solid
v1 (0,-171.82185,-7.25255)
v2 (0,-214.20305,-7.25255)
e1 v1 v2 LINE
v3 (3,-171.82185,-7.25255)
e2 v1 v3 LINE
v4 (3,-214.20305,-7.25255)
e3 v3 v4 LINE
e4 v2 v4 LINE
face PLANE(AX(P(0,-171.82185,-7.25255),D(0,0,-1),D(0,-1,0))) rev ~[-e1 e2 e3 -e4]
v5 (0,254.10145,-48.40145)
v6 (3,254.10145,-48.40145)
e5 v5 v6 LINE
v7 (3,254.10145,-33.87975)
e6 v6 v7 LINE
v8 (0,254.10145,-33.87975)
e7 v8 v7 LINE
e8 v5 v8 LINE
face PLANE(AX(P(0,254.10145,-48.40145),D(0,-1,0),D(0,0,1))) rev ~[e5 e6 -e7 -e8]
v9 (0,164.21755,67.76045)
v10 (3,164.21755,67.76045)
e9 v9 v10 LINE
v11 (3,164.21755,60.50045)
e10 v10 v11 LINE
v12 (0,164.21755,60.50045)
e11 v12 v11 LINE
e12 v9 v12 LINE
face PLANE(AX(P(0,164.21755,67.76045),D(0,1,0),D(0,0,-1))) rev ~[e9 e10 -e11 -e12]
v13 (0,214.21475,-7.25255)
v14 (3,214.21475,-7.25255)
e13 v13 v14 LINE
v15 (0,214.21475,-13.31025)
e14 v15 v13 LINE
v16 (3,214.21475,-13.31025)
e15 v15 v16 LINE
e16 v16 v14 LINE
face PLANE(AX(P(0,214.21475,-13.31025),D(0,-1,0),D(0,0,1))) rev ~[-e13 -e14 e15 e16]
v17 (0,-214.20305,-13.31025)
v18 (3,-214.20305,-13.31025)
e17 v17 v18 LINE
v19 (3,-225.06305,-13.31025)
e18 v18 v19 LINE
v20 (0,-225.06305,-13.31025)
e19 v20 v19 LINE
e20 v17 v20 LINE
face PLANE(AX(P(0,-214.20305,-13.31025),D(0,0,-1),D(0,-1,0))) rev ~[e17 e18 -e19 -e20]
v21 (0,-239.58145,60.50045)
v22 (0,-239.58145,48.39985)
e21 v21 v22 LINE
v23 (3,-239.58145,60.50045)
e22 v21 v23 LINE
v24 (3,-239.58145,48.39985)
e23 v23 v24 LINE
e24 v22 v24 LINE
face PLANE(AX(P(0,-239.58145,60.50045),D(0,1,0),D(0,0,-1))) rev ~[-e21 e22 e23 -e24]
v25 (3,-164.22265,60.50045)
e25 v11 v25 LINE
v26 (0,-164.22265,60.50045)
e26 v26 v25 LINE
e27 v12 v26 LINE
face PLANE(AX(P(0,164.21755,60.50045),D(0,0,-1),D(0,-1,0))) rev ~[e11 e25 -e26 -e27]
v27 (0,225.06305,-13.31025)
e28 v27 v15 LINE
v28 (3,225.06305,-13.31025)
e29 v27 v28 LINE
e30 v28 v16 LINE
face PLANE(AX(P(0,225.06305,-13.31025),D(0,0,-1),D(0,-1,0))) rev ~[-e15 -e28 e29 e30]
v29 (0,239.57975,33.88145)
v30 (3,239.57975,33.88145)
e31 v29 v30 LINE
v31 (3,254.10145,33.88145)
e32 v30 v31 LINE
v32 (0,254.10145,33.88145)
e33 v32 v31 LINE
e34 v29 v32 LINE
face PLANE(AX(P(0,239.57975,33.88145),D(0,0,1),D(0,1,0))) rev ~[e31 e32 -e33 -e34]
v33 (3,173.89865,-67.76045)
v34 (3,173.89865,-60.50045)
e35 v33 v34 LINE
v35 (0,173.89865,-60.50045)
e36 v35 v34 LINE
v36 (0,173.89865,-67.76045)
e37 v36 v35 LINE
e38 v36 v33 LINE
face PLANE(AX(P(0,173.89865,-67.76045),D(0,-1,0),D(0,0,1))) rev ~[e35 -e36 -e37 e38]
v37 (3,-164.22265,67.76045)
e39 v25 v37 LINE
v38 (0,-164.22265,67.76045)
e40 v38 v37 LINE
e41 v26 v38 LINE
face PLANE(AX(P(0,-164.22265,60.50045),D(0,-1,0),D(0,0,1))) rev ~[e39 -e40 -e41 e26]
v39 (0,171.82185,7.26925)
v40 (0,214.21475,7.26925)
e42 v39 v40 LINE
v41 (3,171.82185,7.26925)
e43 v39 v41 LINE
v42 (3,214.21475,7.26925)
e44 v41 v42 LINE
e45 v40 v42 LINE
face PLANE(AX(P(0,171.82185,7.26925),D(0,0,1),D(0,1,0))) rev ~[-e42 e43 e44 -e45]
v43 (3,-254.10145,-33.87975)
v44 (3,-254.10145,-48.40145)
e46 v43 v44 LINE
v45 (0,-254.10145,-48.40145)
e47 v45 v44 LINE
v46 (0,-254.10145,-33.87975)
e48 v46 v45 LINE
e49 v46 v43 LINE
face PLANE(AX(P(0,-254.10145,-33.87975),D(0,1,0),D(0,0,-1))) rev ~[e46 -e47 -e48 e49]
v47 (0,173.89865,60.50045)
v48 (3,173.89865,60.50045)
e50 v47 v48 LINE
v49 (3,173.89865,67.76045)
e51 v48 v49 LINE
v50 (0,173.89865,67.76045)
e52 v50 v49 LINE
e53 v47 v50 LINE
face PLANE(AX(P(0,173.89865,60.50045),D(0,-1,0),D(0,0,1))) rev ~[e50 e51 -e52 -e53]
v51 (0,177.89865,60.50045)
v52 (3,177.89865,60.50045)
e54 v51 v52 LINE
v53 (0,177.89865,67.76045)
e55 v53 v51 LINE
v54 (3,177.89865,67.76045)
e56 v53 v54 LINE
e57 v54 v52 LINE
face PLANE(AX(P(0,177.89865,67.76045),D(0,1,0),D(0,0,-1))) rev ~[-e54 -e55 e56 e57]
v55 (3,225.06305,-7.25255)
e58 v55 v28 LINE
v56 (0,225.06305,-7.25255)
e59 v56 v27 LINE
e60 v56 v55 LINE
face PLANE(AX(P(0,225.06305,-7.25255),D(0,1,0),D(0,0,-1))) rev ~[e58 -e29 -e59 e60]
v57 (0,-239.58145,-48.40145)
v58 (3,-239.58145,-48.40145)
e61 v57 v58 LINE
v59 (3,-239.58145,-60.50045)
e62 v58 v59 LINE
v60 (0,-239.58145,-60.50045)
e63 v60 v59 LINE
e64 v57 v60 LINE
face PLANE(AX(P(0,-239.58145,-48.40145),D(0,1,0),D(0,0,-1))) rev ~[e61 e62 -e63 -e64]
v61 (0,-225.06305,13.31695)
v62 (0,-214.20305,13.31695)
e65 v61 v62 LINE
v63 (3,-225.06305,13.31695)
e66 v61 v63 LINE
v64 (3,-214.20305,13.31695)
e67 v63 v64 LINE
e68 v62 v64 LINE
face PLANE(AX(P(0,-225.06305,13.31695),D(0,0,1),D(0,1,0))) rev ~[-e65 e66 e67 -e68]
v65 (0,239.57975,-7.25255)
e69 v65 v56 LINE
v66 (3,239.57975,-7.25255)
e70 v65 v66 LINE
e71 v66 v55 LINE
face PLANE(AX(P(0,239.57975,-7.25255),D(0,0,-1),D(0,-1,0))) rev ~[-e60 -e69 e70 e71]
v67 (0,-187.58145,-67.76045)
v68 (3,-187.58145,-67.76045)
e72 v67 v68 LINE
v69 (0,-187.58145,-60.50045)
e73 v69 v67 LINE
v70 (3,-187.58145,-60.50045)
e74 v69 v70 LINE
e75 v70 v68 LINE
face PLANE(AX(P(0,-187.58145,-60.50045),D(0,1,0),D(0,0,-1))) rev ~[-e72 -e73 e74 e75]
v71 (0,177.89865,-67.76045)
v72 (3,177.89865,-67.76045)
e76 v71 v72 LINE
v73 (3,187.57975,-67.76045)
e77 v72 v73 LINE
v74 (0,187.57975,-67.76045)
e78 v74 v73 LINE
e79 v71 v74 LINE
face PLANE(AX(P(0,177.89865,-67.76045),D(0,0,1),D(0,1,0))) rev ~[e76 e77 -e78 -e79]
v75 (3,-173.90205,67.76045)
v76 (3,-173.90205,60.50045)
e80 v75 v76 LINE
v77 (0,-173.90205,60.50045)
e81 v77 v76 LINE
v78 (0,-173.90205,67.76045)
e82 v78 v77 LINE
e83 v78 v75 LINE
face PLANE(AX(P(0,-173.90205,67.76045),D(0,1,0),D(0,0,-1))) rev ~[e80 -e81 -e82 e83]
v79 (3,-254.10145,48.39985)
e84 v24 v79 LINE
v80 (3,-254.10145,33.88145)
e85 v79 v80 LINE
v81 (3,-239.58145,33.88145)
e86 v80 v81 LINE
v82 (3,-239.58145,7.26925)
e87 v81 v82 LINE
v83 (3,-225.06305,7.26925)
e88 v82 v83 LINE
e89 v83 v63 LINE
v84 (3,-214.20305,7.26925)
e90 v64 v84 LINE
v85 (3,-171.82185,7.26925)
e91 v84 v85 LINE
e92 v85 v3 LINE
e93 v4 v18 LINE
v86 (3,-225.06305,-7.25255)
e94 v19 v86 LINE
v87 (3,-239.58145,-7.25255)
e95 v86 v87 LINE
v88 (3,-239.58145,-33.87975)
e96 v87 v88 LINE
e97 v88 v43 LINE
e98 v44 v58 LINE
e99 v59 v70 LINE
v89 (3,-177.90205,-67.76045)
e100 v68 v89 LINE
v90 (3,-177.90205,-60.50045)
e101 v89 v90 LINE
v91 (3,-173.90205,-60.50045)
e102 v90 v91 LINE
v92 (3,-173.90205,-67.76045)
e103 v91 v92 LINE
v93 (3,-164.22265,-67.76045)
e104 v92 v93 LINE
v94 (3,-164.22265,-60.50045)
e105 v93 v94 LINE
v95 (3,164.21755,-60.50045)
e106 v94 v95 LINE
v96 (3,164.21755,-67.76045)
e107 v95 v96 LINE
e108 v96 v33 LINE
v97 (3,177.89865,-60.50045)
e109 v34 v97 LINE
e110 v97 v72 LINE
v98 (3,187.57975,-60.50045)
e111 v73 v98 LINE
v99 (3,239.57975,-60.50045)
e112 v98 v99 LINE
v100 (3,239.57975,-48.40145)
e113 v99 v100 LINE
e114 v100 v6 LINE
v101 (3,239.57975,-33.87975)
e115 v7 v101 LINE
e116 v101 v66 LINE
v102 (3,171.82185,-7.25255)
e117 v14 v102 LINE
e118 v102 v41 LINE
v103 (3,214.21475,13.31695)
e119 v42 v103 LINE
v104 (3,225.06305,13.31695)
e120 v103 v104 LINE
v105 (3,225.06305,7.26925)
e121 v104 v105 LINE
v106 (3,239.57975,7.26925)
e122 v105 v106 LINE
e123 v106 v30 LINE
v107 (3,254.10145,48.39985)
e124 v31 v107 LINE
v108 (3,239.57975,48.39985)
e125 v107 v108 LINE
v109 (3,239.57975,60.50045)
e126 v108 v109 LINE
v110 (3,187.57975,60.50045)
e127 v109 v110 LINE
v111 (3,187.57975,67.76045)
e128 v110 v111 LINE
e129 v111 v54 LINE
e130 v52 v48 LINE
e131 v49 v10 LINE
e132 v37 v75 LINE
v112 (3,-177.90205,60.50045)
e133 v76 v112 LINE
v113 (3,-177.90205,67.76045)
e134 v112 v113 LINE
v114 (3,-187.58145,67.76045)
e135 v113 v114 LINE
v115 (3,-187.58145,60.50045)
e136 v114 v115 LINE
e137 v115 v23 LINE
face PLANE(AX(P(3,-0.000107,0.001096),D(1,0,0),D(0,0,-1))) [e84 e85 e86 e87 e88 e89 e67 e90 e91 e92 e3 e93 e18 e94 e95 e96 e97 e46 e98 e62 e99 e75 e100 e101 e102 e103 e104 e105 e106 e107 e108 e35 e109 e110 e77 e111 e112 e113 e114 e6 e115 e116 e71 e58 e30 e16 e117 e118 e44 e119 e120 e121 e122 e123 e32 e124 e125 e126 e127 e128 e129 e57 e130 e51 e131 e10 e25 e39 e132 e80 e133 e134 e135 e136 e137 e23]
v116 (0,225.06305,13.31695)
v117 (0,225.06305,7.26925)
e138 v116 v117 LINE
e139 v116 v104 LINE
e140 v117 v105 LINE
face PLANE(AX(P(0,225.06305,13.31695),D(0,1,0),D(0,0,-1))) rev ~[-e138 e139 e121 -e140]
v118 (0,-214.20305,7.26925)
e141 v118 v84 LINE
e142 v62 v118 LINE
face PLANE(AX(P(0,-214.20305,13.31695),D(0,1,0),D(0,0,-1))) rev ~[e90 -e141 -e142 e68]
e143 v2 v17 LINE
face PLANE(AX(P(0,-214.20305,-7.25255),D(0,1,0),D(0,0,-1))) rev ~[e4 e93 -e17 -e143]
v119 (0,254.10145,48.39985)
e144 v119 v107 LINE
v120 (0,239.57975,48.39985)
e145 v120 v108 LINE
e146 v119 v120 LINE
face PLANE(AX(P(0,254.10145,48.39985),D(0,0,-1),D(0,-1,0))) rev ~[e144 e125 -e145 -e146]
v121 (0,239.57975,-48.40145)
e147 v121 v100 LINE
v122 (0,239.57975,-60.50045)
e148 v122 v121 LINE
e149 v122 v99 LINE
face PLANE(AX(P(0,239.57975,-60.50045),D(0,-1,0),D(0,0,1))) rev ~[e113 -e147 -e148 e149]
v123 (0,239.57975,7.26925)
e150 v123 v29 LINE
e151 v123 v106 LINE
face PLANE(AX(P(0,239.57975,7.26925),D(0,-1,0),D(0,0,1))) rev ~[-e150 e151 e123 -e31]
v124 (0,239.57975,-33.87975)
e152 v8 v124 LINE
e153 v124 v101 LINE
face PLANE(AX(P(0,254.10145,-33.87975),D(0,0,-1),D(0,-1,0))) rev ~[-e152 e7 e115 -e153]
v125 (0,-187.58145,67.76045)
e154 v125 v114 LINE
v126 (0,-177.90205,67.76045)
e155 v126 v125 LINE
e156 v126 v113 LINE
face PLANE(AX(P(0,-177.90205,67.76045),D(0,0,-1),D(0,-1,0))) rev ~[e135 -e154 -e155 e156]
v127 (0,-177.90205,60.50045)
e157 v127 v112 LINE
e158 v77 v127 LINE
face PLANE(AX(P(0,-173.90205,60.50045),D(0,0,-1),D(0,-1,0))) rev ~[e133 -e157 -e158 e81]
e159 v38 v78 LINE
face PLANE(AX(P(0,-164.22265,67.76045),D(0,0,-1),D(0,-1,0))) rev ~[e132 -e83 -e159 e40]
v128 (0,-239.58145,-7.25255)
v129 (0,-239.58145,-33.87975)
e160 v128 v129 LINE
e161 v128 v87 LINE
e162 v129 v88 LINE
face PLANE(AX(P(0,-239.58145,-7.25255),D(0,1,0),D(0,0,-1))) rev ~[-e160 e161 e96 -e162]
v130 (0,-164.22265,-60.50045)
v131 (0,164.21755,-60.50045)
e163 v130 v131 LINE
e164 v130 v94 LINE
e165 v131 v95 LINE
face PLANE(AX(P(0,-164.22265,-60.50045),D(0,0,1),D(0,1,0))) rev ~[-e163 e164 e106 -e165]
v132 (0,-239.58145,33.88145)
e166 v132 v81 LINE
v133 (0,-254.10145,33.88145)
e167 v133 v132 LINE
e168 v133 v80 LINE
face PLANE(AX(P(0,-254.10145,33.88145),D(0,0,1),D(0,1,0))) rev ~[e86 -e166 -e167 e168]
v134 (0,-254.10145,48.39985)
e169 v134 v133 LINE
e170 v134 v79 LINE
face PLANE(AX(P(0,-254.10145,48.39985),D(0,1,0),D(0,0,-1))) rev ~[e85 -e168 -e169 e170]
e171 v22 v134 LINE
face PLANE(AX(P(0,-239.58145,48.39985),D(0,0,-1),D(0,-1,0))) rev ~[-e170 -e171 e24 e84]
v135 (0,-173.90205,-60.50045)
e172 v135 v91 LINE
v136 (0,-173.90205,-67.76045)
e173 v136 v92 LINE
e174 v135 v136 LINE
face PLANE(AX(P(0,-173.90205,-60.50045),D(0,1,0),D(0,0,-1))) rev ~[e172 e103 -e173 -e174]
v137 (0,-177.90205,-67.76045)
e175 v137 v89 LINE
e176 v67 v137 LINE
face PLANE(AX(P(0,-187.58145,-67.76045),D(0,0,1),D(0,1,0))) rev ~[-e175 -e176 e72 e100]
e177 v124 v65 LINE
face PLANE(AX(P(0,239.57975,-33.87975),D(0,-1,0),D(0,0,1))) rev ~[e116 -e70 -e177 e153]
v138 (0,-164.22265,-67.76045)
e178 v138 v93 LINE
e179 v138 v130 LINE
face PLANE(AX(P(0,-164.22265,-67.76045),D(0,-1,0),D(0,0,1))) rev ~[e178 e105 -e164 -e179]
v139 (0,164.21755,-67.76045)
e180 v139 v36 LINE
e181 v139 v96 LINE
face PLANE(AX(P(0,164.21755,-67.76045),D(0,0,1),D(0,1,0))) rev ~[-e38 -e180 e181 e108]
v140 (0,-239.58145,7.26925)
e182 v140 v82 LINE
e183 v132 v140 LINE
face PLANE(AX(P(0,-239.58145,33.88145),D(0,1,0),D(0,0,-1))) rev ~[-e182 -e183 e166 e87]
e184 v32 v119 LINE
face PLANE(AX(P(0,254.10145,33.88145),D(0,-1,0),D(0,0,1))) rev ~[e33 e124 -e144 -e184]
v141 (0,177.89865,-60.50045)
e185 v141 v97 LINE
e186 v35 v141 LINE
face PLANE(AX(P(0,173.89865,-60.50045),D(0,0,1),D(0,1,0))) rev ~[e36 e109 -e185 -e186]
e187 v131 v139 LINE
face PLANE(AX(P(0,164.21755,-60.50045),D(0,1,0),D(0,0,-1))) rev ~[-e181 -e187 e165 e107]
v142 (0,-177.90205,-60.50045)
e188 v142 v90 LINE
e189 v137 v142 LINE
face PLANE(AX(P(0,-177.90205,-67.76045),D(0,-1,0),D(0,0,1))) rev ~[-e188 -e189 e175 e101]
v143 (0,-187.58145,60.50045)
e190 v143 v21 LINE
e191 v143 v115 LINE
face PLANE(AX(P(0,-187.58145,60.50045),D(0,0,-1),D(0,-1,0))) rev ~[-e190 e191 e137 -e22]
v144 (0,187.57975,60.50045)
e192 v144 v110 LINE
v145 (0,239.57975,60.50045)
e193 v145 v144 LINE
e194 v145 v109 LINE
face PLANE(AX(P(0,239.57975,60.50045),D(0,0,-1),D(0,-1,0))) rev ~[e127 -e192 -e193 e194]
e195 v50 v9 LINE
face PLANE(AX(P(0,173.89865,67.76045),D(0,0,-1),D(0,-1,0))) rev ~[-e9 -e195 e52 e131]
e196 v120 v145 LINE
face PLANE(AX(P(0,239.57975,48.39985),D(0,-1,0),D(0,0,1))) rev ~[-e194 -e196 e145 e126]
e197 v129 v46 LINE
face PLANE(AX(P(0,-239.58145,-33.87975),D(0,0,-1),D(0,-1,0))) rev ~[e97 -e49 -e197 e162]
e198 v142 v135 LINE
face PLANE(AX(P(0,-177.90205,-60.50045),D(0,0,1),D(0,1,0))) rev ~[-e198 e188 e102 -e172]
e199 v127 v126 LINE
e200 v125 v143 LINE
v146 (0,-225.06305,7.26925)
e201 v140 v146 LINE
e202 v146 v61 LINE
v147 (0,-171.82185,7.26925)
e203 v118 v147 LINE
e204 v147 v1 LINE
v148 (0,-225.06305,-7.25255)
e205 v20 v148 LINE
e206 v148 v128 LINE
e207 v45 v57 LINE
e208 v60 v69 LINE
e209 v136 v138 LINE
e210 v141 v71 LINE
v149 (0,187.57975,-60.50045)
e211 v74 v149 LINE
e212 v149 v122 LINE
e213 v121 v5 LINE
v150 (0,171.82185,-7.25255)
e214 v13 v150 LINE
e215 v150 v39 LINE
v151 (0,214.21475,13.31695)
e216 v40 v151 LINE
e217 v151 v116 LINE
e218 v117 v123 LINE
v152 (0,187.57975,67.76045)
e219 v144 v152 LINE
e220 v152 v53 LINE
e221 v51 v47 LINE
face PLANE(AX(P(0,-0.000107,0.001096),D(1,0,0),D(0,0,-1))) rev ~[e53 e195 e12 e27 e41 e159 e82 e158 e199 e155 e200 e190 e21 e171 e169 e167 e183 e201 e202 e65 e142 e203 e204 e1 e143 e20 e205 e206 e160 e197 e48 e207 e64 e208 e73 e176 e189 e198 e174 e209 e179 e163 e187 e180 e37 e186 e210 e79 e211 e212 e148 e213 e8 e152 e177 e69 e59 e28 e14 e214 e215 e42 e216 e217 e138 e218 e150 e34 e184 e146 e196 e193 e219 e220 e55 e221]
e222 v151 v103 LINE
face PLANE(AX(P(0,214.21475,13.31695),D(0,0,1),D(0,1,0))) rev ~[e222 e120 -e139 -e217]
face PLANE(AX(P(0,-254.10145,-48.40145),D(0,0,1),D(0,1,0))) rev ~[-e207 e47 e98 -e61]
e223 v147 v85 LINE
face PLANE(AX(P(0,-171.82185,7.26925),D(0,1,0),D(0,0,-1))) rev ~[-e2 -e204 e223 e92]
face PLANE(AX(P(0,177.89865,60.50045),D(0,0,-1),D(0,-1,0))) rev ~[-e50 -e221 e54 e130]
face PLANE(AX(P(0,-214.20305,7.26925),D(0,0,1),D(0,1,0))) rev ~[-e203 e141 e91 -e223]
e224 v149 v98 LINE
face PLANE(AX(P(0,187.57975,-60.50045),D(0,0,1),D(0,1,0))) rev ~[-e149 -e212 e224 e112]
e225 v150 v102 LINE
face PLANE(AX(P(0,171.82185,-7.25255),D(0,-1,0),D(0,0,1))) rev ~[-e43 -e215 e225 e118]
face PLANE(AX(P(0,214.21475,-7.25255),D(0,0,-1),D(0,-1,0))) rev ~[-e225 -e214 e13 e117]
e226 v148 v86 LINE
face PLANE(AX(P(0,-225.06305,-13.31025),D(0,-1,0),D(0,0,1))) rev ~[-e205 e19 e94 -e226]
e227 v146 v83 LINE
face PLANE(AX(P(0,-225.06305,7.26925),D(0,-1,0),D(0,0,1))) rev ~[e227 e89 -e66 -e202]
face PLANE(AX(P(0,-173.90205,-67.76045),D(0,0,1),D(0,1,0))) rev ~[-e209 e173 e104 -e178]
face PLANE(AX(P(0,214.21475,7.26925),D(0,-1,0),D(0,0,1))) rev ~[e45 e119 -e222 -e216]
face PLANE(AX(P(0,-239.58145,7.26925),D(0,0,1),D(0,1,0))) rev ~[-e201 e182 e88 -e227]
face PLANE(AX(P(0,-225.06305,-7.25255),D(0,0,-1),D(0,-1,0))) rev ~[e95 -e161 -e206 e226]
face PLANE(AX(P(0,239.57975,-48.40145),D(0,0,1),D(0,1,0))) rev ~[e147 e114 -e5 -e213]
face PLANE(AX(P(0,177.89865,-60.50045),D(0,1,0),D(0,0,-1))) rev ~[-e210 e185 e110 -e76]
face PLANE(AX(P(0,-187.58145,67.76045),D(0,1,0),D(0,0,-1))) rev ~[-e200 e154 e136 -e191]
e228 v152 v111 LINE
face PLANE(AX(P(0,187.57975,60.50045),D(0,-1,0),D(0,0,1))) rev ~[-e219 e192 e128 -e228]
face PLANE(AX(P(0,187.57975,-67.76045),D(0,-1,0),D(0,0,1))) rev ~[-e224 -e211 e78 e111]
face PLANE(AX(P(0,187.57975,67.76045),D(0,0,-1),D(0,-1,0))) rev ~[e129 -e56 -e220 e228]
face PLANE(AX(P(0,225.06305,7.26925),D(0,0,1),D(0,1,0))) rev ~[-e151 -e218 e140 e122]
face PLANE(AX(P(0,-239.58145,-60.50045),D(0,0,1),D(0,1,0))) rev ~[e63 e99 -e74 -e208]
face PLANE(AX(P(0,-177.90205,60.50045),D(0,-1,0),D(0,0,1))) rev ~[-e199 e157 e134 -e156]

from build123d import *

# Parameters (mm, degrees)
BOSS_EXTRUDE1_DEPTH = 3


with BuildPart() as part:
    # Sketch1 → Boss-Extrude1 (new body)
    with BuildSketch(Plane(origin=(0, 0, 0), x_dir=(0, 0, -1), z_dir=(1, 0, 0))):
        Polygon((-60.50045, -173.90205), (-60.50045, -177.90205), (-67.76045, -177.90205), (-67.76045, -187.58145), (-60.50045, -187.58145), (-60.50045, -239.58145), (-48.39985, -239.58145), (-48.39985, -254.10145), (-33.88145, -254.10145), (-33.88145, -239.58145), (-7.26925, -239.58145), (-7.26925, -225.06305), (-13.31695, -225.06305), (-13.31695, -214.20305), (-7.26925, -214.20305), (-7.26925, -171.82185), (7.25255, -171.82185), (7.25255, -214.20305), (13.31025, -214.20305), (13.31025, -225.06305), (7.25255, -225.06305), (7.25255, -239.58145), (33.87975, -239.58145), (33.87975, -254.10145), (48.40145, -254.10145), (48.40145, -239.58145), (60.50045, -239.58145), (60.50045, -187.58145), (67.76045, -187.58145), (67.76045, -177.90205), (60.50045, -177.90205), (60.50045, -173.90205), (67.76045, -173.90205), (67.76045, -164.22265), (60.50045, -164.22265), (60.50045, 164.21755), (67.76045, 164.21755), (67.76045, 173.89865), (60.50045, 173.89865), (60.50045, 177.89865), (67.76045, 177.89865), (67.76045, 187.57975), (60.50045, 187.57975), (60.50045, 239.57975), (48.40145, 239.57975), (48.40145, 254.10145), (33.87975, 254.10145), (33.87975, 239.57975), (7.25255, 239.57975), (7.25255, 225.06305), (13.31025, 225.06305), (13.31025, 214.21475), (7.25255, 214.21475), (7.25255, 171.82185), (-7.26925, 171.82185), (-7.26925, 214.21475), (-13.31695, 214.21475), (-13.31695, 225.06305), (-7.26925, 225.06305), (-7.26925, 239.57975), (-33.88145, 239.57975), (-33.88145, 254.10145), (-48.39985, 254.10145), (-48.39985, 239.57975), (-60.50045, 239.57975), (-60.50045, 187.57975), (-67.76045, 187.57975), (-67.76045, 177.89865), (-60.50045, 177.89865), (-60.50045, 173.89865), (-67.76045, 173.89865), (-67.76045, 164.21755), (-60.50045, 164.21755), (-60.50045, -164.22265), (-67.76045, -164.22265), (-67.76045, -173.90205), align=None)
    extrude(amount=BOSS_EXTRUDE1_DEPTH)


solid = part.part
